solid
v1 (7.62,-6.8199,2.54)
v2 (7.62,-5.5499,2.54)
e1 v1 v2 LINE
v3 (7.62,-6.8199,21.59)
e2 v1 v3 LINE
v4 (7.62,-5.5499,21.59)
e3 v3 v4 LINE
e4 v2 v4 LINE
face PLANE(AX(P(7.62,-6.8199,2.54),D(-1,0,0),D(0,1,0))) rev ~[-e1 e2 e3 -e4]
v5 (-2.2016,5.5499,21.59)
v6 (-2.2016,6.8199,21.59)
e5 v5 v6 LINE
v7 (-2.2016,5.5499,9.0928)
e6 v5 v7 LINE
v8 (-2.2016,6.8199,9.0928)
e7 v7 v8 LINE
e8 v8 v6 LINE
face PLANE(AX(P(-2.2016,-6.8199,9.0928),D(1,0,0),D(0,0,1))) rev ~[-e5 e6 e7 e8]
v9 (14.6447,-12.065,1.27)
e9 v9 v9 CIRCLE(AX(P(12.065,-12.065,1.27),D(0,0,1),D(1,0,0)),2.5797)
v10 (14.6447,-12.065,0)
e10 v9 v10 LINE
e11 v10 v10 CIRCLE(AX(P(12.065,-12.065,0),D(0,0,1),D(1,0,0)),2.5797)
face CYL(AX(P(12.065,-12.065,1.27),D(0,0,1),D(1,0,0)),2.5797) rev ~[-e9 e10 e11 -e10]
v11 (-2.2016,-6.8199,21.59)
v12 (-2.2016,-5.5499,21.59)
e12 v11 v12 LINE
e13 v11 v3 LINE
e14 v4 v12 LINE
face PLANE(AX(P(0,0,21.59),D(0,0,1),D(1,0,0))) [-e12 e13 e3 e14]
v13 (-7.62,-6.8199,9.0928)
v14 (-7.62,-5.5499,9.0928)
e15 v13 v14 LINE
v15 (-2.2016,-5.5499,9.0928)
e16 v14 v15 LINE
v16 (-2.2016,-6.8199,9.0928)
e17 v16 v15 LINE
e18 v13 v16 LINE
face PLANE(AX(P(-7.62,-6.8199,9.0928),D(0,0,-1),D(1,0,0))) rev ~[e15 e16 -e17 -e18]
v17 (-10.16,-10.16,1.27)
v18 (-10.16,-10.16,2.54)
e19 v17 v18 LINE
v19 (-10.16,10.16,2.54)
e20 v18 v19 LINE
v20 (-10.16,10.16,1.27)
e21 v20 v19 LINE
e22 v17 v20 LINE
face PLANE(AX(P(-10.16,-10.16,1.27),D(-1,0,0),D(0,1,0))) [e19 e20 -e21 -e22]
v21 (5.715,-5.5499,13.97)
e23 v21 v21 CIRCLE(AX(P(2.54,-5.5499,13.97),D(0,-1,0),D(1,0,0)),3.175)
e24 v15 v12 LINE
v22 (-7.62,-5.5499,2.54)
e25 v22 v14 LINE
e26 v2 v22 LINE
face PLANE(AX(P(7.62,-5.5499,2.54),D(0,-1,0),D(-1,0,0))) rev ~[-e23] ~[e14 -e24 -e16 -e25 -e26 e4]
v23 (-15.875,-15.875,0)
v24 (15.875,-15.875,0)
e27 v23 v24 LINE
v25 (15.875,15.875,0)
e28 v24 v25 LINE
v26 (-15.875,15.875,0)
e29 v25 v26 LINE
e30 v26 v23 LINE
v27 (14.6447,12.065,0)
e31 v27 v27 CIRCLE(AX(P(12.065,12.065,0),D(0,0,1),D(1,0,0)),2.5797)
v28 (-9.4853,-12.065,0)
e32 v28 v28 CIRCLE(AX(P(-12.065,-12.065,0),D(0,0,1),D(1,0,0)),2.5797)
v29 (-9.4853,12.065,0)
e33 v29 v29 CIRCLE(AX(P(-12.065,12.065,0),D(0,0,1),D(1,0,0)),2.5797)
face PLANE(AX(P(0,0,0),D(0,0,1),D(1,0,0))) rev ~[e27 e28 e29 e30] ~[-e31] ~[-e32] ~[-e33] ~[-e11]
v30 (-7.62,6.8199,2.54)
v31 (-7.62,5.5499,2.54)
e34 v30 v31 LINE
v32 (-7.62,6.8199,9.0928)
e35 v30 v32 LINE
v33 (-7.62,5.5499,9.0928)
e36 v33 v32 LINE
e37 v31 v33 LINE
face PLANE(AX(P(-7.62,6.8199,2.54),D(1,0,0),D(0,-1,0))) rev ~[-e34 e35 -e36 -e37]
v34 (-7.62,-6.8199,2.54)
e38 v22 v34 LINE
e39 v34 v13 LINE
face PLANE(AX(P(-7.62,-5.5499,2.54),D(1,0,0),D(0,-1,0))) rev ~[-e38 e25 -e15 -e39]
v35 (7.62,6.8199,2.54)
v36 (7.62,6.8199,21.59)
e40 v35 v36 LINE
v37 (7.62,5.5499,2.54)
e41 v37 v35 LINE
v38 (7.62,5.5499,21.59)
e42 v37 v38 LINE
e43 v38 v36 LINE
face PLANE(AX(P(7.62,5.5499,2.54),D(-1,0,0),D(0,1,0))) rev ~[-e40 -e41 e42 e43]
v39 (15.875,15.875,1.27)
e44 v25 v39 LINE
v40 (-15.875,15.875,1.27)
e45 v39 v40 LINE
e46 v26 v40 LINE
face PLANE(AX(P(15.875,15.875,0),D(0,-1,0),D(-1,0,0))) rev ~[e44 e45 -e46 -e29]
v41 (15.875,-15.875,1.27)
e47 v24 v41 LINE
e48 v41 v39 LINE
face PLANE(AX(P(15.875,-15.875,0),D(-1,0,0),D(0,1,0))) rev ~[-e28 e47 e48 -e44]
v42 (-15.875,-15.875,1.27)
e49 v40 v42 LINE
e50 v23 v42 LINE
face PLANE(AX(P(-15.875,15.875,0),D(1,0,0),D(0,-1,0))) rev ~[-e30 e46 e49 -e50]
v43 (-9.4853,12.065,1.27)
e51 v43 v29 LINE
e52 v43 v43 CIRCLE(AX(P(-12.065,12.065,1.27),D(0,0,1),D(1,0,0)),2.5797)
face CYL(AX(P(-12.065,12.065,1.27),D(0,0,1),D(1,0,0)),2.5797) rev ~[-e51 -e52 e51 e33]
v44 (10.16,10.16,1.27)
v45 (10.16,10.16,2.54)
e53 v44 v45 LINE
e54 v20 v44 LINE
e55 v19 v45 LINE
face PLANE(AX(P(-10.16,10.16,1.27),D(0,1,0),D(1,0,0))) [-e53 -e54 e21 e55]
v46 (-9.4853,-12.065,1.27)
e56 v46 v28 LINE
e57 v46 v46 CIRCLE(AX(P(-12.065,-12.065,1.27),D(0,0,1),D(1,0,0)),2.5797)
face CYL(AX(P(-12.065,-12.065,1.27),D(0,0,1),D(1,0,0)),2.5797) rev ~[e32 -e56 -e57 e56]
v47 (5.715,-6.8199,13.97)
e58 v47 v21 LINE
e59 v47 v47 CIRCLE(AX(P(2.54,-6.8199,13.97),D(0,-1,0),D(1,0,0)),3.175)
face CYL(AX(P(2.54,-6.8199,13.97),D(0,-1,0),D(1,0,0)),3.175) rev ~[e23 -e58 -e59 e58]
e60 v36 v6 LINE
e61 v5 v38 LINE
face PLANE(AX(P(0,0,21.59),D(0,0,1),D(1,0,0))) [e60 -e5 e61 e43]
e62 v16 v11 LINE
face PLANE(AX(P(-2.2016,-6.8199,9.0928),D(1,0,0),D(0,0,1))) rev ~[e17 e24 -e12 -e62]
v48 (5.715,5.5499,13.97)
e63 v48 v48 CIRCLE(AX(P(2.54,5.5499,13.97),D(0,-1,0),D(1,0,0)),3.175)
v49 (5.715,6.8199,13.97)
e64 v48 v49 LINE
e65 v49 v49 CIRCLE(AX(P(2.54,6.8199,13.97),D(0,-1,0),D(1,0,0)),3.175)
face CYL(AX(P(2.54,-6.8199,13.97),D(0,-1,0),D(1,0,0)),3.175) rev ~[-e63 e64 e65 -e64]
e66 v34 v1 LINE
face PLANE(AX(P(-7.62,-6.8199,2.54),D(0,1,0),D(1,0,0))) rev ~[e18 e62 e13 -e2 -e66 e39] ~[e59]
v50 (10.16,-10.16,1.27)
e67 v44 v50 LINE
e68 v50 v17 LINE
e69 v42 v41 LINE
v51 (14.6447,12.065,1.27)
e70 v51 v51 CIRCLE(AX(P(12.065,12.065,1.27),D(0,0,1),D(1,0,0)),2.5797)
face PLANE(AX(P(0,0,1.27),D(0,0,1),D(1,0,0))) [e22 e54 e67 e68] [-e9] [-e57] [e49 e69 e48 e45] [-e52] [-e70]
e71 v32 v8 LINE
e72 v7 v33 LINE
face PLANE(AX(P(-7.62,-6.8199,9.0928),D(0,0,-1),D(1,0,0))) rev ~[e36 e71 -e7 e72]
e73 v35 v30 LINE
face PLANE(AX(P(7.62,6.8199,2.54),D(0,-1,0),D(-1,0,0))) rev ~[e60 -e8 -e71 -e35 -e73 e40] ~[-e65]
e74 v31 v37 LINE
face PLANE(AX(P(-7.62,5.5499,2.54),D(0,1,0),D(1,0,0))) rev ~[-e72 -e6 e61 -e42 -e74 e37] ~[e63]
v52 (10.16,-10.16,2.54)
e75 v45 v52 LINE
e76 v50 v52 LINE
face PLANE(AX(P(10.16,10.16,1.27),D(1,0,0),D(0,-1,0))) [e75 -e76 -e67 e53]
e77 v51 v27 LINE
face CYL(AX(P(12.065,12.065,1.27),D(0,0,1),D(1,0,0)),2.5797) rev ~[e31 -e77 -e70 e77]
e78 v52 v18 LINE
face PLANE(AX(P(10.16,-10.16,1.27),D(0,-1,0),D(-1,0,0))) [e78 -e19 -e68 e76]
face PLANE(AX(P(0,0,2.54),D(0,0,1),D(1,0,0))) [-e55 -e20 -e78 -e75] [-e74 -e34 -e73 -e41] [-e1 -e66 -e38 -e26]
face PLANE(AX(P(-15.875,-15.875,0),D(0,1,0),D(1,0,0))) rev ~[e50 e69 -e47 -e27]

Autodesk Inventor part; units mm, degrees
ref_plane "YZ Plane" through (0, 0, 0) normal (1, 0, 0) x (0, 1, 0)
ref_plane "XZ Plane" through (0, 0, 0) normal (0, 1, 0) x (-1, 0, 0)
ref_plane "XY Plane" through (0, 0, 0) normal (0, 0, 1) x (1, 0, 0)
sketch "Sketch1" plane through (0, 0, 0) normal (0, 0, 1) x (1, 0, 0)
  line L0 (15.875, 15.875) -> (-15.875, 15.875)
  line L1 (-15.875, 15.875) -> (-15.875, -15.875)
  line L2 (-15.875, -15.875) -> (15.875, -15.875)
  line L3 (15.875, -15.875) -> (15.875, 15.875)
  line L4 (15.875, 15.875) -> (-15.875, -15.875) construction
  line L5 (-15.875, 15.875) -> (15.875, -15.875) construction
  point P0 (0, 0)
  dimension "d0" = 31.75
  dimension "d1" = 31.75
extrude "Extrusion1" add sketch "Sketch1" along normal blind 1.27
sketch "Sketch2" plane through (0, 0, 1.27) normal (0, 0, 1) x (1, 0, 0)
  line L0 (-10.16, 10.16) -> (10.16, 10.16)
  line L1 (10.16, 10.16) -> (10.16, -10.16)
  line L2 (10.16, -10.16) -> (-10.16, -10.16)
  line L3 (-10.16, -10.16) -> (-10.16, 10.16)
  line L4 (15.875, 15.875) -> (-15.875, 15.875) projected
  line L5 (15.875, -15.875) -> (15.875, 15.875) projected
  line L6 (-15.875, -15.875) -> (15.875, -15.875) projected
  line L7 (-15.875, 15.875) -> (-15.875, -15.875) projected
  point P0 (0, 0)
  dimension "d4" = 5.715
  dimension "d5" = 5.715
  dimension "d6" = 5.715
  dimension "d7" = 5.715
extrude "Extrusion2" add sketch "Sketch2" along normal blind 1.27 contours L0 L1 L2 L3
sketch "Sketch3" plane through (0, 0, 2.54) normal (0, 0, 1) x (1, 0, 0)
  line L0 (-7.62, 5.5499) -> (7.62, 5.5499)
  line L1 (7.62, 5.5499) -> (7.62, 6.8199)
  line L2 (7.62, 6.8199) -> (-7.62, 6.8199)
  line L3 (-7.62, 6.8199) -> (-7.62, 5.5499)
  line L4 (10.16, -10.16) -> (10.16, 10.16) projected
  line L5 (-10.16, 10.16) -> (-10.16, -10.16) projected
  line L6 (10.16, 10.16) -> (-10.16, 10.16) projected
  line L7 (-7.62, -6.8199) -> (7.62, -6.8199)
  line L8 (7.62, -6.8199) -> (7.62, -5.5499)
  line L9 (7.62, -5.5499) -> (-7.62, -5.5499)
  line L10 (-7.62, -5.5499) -> (-7.62, -6.8199)
  line L11 (-10.16, -10.16) -> (10.16, -10.16) projected
  point P0 (0, 0)
  dimension "d49" = 11.0998
  dimension "d50" = 1.27
  dimension "d60" = 1.27
  dimension "d61" = 5.5499
extrude "Extrusion3" add sketch "Sketch3" along normal blind 19.05 contours L3 L2 L1 L0 | L10 L9 L8 L7
sketch "Sketch4" plane through (-7.62, -6.8199, 2.54) normal (0, -1, 0) x (1, 0, 0)
  circle A0 centre (10.16, 11.43) radius 3.175
  line L0 (0, 19.05) -> (15.24, 19.05) projected
  line L1 (0, 0) -> (0, 19.05) projected
  point P0 (7.62, -2.54)
  dimension "d20" = 6.35
  dimension "d21" = 7.62
  dimension "d44" = 10.16
extrude "Extrusion4" cut sketch "Sketch4" against normal blind 127
sketch "Sketch5" plane through (0, 0, 1.27) normal (0, 0, 1) x (1, 0, 0)
  circle A0 centre (-12.065, 12.065) radius 2.5797
  line L0 (-15.875, -15.875) -> (15.875, -15.875) projected
  line L1 (15.875, -15.875) -> (15.875, 15.875) projected
  circle A1 centre (12.065, 12.065) radius 2.5797
  line L2 (15.875, 15.875) -> (-15.875, 15.875) projected
  line L3 (-15.875, 15.875) -> (-15.875, -15.875) projected
  circle A2 centre (-12.065, -12.065) radius 2.5797
  circle A3 centre (12.065, -12.065) radius 2.5797
  point P0 (0, 0)
  dimension "d24" = 5.1594
  dimension "d28" = 5.1594
  dimension "d29" = 3.81
  dimension "d30" = 3.81
  dimension "d31" = 3.81
  dimension "d32" = 3.81
  dimension "d33" = 5.1594
  dimension "d34" = 3.81
  dimension "d35" = 3.81
  dimension "d36" = 5.1594
  dimension "d37" = 3.81
  dimension "d38" = 3.81
extrude "Extrusion5" cut sketch "Sketch5" against normal blind 12.7 contours A0 | A1 | A2 | A3
sketch "Sketch6" plane through (-7.62, -6.8199, 2.54) normal (0, -1, 0) x (1, 0, 0)
  line L0 (0, 0) -> (0, 19.05) projected
  line L1 (0, 19.05) -> (15.24, 19.05) projected
  line L2 (0, 6.5528) -> (5.4184, 6.5528)
  line L3 (5.4184, 6.5528) -> (5.4184, 19.05)
  line L4 (5.4184, 19.05) -> (0, 19.05)
  line L5 (0, 19.05) -> (0, 6.5528)
  point P0 (7.62, -2.54)
extrude "Extrusion6" cut sketch "Sketch6" against normal blind 101.6
equation "\"d5\" = d4"
equation "\"d6\" = d4"
equation "\"d7\" = d4"
equation "\"d50\" = d60"
equation "\"d61\" = 0.5 * d49"
equation "\"d28\" = d24"
equation "\"d30\" = d29"
equation "\"d31\" = d29"
equation "\"d32\" = d29"
equation "\"d33\" = d24"
equation "\"d34\" = d29"
equation "\"d35\" = d29"
equation "\"d36\" = d24"
equation "\"d37\" = d29"
equation "\"d38\" = d29"
properties part number "pneumatics back holder"
